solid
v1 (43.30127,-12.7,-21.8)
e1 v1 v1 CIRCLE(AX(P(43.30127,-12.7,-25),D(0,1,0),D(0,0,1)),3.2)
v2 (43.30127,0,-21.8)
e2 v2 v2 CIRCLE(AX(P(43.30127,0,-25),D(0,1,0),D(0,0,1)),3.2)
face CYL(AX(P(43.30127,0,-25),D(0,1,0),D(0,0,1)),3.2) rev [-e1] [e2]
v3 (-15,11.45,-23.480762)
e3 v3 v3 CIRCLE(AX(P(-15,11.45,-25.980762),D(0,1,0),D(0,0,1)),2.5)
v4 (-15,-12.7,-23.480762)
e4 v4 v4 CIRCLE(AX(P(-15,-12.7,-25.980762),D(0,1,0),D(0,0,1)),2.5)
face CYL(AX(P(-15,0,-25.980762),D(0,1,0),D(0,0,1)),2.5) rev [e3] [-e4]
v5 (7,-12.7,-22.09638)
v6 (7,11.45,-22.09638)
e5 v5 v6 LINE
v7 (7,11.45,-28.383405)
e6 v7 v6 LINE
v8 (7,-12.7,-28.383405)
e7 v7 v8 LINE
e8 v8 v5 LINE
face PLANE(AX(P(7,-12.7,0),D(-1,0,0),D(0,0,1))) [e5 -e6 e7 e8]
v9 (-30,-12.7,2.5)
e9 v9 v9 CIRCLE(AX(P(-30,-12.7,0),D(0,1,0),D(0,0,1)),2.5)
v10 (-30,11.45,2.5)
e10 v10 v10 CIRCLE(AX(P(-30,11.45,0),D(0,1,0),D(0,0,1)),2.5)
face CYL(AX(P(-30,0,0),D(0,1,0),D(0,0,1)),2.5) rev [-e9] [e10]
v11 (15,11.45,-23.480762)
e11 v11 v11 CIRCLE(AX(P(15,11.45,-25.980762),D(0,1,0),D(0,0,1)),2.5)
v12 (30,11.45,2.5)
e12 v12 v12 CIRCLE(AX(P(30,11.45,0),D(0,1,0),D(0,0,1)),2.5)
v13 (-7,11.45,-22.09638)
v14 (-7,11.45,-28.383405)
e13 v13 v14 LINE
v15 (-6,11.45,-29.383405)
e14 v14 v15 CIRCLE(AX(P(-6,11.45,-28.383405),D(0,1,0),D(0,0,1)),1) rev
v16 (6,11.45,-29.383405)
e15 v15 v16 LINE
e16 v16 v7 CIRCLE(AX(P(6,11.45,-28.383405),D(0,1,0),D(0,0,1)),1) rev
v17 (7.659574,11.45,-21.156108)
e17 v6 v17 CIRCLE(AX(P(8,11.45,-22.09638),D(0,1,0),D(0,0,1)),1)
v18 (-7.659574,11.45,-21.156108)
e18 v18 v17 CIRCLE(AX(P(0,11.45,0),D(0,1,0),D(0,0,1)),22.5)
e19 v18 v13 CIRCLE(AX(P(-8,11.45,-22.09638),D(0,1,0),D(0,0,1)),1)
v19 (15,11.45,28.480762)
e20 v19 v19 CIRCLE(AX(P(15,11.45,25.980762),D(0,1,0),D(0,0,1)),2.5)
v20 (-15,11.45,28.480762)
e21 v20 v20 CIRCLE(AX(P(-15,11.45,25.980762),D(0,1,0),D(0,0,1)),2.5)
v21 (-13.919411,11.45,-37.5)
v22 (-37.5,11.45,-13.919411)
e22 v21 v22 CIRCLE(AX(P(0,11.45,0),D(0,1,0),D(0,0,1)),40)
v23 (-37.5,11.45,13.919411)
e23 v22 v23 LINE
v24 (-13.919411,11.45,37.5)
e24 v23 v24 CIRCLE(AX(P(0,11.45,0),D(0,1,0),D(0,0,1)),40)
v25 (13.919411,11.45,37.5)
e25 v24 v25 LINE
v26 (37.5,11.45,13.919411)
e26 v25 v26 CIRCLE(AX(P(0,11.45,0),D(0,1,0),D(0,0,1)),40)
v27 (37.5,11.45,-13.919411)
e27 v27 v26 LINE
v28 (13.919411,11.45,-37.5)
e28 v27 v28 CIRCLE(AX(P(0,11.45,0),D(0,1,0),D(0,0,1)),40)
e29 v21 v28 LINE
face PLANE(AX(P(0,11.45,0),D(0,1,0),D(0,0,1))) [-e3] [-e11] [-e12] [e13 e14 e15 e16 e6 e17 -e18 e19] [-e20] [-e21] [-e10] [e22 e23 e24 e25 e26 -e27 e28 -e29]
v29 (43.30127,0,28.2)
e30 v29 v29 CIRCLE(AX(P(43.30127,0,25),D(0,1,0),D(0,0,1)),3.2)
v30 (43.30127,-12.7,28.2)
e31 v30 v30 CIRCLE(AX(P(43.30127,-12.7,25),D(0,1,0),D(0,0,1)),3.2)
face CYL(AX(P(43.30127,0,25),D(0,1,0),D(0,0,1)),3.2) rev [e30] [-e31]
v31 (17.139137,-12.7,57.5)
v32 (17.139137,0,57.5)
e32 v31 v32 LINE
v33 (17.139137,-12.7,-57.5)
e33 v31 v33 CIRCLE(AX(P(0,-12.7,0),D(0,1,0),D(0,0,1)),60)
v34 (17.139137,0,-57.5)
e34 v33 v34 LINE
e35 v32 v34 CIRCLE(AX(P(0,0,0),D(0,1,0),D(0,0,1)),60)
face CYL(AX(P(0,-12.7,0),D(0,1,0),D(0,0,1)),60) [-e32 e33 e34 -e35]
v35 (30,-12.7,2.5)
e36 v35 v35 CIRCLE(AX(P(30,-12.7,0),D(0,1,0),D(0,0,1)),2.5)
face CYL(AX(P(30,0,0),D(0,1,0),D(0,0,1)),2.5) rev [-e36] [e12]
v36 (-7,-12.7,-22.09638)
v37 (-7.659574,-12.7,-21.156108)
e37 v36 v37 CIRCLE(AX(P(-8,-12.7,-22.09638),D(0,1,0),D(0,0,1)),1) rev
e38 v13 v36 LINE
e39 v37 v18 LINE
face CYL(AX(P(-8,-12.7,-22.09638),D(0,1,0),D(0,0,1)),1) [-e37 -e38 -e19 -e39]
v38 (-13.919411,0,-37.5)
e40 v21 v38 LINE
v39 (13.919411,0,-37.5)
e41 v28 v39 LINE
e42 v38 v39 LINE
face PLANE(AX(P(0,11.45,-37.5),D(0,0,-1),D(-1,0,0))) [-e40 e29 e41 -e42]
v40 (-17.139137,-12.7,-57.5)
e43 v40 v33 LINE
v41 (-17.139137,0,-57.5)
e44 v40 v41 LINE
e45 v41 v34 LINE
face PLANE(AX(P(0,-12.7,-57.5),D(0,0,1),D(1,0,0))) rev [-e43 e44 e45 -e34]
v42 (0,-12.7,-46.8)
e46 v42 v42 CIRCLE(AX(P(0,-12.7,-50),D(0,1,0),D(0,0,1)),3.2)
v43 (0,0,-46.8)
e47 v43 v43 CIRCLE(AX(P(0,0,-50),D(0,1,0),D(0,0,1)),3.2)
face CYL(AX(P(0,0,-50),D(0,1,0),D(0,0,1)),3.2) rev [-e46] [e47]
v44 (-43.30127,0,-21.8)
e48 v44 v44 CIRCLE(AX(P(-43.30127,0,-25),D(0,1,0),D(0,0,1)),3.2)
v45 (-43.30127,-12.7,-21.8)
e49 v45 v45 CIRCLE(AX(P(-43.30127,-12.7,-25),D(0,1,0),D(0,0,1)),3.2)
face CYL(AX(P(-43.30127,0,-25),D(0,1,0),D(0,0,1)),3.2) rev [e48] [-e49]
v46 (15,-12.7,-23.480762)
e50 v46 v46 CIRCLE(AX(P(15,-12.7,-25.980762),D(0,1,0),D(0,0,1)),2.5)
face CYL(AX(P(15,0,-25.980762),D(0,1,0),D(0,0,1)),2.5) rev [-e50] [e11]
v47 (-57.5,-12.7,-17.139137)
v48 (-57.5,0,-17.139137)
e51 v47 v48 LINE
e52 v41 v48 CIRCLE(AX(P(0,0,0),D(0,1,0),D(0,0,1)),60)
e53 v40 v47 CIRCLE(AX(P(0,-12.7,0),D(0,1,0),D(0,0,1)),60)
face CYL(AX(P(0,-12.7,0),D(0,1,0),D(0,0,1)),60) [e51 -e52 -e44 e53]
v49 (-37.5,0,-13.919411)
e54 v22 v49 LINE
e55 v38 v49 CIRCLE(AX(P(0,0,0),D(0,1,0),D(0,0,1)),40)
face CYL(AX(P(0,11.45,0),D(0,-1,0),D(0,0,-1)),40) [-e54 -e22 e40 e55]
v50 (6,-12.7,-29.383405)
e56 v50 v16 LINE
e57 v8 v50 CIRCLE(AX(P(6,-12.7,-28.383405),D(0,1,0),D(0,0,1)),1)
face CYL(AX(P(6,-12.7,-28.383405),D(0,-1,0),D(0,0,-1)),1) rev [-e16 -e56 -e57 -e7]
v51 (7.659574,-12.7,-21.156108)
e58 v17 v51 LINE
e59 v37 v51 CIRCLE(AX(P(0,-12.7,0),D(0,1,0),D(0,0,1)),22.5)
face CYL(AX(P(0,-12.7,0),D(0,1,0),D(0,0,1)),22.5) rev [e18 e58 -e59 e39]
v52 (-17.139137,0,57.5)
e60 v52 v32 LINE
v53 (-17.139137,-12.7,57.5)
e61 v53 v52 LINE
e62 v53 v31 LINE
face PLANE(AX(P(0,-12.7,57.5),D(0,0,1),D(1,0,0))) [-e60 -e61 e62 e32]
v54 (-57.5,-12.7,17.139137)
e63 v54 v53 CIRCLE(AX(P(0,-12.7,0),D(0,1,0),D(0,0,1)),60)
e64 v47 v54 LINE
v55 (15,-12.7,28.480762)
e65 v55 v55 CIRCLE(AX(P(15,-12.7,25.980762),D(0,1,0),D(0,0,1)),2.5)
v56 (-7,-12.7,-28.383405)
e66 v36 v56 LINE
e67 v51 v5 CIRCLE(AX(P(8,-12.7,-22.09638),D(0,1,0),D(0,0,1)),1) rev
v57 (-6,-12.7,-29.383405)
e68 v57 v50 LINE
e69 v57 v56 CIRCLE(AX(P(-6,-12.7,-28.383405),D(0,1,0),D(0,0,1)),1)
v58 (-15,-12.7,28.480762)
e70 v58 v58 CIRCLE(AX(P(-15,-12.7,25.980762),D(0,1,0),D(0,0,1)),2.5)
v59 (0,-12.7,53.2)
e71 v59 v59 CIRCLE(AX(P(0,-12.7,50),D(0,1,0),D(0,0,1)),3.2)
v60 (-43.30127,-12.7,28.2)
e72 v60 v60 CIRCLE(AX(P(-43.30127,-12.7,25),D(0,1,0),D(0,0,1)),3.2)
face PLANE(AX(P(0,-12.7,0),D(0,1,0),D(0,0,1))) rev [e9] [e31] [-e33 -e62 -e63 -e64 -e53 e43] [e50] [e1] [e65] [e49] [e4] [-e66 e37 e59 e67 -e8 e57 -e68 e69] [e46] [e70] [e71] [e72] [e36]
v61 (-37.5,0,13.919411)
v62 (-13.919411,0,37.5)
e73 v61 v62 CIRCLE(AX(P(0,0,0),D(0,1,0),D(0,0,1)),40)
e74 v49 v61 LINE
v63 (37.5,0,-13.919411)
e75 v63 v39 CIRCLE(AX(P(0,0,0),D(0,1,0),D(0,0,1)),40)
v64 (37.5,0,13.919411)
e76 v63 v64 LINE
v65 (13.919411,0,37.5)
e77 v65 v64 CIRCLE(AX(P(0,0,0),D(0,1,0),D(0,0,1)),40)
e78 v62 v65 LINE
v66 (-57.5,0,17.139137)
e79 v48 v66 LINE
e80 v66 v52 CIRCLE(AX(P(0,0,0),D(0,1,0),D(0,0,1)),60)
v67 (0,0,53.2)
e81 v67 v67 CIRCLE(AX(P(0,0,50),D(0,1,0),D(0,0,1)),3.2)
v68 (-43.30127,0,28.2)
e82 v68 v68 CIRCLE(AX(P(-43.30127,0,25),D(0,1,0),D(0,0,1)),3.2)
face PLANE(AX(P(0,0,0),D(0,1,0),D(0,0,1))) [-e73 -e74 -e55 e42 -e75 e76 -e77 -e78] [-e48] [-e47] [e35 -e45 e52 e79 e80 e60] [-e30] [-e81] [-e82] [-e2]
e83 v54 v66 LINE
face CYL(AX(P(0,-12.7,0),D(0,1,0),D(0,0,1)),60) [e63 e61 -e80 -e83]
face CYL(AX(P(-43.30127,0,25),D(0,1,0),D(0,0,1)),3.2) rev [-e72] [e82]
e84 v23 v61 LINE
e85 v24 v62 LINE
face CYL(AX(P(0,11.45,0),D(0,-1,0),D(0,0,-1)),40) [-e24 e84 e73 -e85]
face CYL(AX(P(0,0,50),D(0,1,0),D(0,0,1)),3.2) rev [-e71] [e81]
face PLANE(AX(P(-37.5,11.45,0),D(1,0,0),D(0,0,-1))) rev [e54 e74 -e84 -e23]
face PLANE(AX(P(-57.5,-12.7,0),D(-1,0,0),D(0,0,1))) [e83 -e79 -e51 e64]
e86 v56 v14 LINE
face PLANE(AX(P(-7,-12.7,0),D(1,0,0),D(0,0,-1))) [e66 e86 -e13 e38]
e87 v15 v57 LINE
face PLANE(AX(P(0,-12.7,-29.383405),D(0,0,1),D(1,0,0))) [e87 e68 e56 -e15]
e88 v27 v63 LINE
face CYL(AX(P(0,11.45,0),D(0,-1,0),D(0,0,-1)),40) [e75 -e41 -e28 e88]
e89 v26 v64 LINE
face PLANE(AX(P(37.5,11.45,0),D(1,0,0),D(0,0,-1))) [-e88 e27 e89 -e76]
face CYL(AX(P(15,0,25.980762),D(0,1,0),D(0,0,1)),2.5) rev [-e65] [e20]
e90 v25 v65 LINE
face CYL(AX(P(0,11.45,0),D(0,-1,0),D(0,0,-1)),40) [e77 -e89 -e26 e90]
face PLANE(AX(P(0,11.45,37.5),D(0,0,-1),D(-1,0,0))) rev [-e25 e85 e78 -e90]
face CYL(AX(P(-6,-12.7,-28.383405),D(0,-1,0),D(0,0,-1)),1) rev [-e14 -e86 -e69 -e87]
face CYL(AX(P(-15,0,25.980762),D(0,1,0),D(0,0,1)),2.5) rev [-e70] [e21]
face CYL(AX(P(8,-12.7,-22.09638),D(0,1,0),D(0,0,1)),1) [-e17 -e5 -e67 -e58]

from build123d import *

# Parameters (mm, degrees)
BOSS_EXTRUDE1_DEPTH                  = 12.7
M6_CLEARANCE_HOLE1_D                 = 6.4
BOSS_EXTRUDE2_START                  = 11.45
BOSS_EXTRUDE2_DEPTH                  = 11.45
SKETCH2_W                            = 2.5
SKETCH2_H                            = 12.7
TAP_DRILL_FOR_M6X1_0_TAP1_AT_2_COUNT = 2
TAP_DRILL_FOR_M6X1_0_TAP1_AT_2_PITCH = 30
TAP_DRILL_FOR_M6X1_0_TAP1_AT_3_COUNT = 2
TAP_DRILL_FOR_M6X1_0_TAP1_AT_3_PITCH = 51.961524227
TAP_DRILL_FOR_M6X1_0_TAP1_AT_4_COUNT = 2
TAP_DRILL_FOR_M6X1_0_TAP1_AT_4_PITCH = 60
TAP_DRILL_FOR_M6X1_0_TAP1_AT_5_COUNT = 2
TAP_DRILL_FOR_M6X1_0_TAP1_AT_5_PITCH = 51.961524227
TAP_DRILL_FOR_M6X1_0_TAP1_AT_6_COUNT = 2
TAP_DRILL_FOR_M6X1_0_TAP1_AT_6_PITCH = 30
TAP_DRILL_FOR_M6X1_0_TAP3_D          = 5
FILLET1_R                            = 1


with BuildPart() as part:
    # Sketch1 → Boss-Extrude1 (new body)
    with BuildSketch(Plane(origin=(0, 0, 0), x_dir=(1, 0, 0), z_dir=(0, 1, 0))):
        with BuildLine():
            Line((17.139136501, 57.5), (-17.139136501, 57.5))
            ThreePointArc((-17.139136501, 57.5), (-42.426406871, 42.426406871), (-57.5, 17.139136501))
            Line((-57.5, 17.139136501), (-57.5, -17.139136501))
            ThreePointArc((-57.5, -17.139136501), (-42.426406871, -42.426406871), (-17.139136501, -57.5))
            Line((-17.139136501, -57.5), (17.139136501, -57.5))
            ThreePointArc((17.139136501, -57.5), (60, 0), (17.139136501, 57.5))
        make_face()
        with BuildLine():
            Line((-7, 21.38340478), (-7, 29.38340478))
            Line((-7, 29.38340478), (7, 29.38340478))
            Line((7, 29.38340478), (7, 21.38340478))
            ThreePointArc((7, 21.38340478), (0, -22.5), (-7, 21.38340478))
        make_face(mode=Mode.SUBTRACT)
    extrude(amount=-BOSS_EXTRUDE1_DEPTH)

    # M6 Clearance Hole1 (through all)
    with Locations(Plane(origin=(-43.301270189, 0, 25), x_dir=(0, 0, 1), z_dir=(0, 1, 0))):
        with Locations((0, 0), (-75, 43.301270189), (-50, 86.602540378), (0, 86.602540378), (25, 43.301270189), (-50, 0)):
            Hole(M6_CLEARANCE_HOLE1_D / 2)

    # Sketch1<7> → Boss-Extrude2 (add)
    with BuildSketch(Plane(origin=(0, 0, 0), x_dir=(1, 0, 0), z_dir=(0, 1, 0)).offset(BOSS_EXTRUDE2_START)):
        with BuildLine():
            Line((13.919410907, 37.5), (-13.919410907, 37.5))
            ThreePointArc((-13.919410907, 37.5), (-28.284271247, 28.284271247), (-37.5, 13.919410907))
            Line((-37.5, 13.919410907), (-37.5, -13.919410907))
            ThreePointArc((-37.5, -13.919410907), (-28.284271247, -28.284271247), (-13.919410907, -37.5))
            Line((-13.919410907, -37.5), (13.919410907, -37.5))
            ThreePointArc((13.919410907, -37.5), (28.284271247, -28.284271247), (37.5, -13.919410907))
            Line((37.5, -13.919410907), (37.5, 13.919410907))
            ThreePointArc((37.5, 13.919410907), (28.284271247, 28.284271247), (13.919410907, 37.5))
        make_face()
        with BuildLine():
            ThreePointArc((22.5, 0), (-13.205112646, -18.217436702), (-7, 21.38340478))
            Line((-7, 21.38340478), (-7, 29.38340478))
            Line((-7, 29.38340478), (7, 29.38340478))
            Line((7, 29.38340478), (7, 21.38340478))
            ThreePointArc((7, 21.38340478), (18.217436702, 13.205112646), (22.5, 0))
        make_face(mode=Mode.SUBTRACT)
    extrude(amount=-BOSS_EXTRUDE2_DEPTH)

    # Sketch2 → Tap Drill for M6x1.0 Tap1 (revolve, cut)
    with BuildSketch(Plane(origin=(-30, 0, 0), x_dir=(0, 0, 1), z_dir=(1, 0, 0))):
        with Locations((1.25, 6.35)):
            Rectangle(SKETCH2_W, SKETCH2_H)
    tap_drill_for_m6x1_0_tap1 = revolve(axis=Axis((-30, 6.35, 0), (0, -1, 0)), mode=Mode.SUBTRACT)

    # Tap Drill for M6x1.0 Tap1 at 2: Tap Drill for M6x1.0 Tap1 ×2
    with Locations(*[Vector(0.4999999999999998, 0, -0.8660254037844388) * (i * TAP_DRILL_FOR_M6X1_0_TAP1_AT_2_PITCH) for i in range(1, TAP_DRILL_FOR_M6X1_0_TAP1_AT_2_COUNT)]):
        add(tap_drill_for_m6x1_0_tap1, mode=Mode.SUBTRACT)

    # Tap Drill for M6x1.0 Tap1 at 3: Tap Drill for M6x1.0 Tap1 ×2
    with Locations(*[Vector(0.8660254037844386, 0, -0.5000000000000002) * (i * TAP_DRILL_FOR_M6X1_0_TAP1_AT_3_PITCH) for i in range(1, TAP_DRILL_FOR_M6X1_0_TAP1_AT_3_COUNT)]):
        add(tap_drill_for_m6x1_0_tap1, mode=Mode.SUBTRACT)

    # Tap Drill for M6x1.0 Tap1 at 4: Tap Drill for M6x1.0 Tap1 ×2
    with Locations(*[(i * TAP_DRILL_FOR_M6X1_0_TAP1_AT_4_PITCH, 0, 0) for i in range(1, TAP_DRILL_FOR_M6X1_0_TAP1_AT_4_COUNT)]):
        add(tap_drill_for_m6x1_0_tap1, mode=Mode.SUBTRACT)

    # Tap Drill for M6x1.0 Tap1 at 5: Tap Drill for M6x1.0 Tap1 ×2
    with Locations(*[Vector(0.8660254037844388, 0, 0.49999999999999967) * (i * TAP_DRILL_FOR_M6X1_0_TAP1_AT_5_PITCH) for i in range(1, TAP_DRILL_FOR_M6X1_0_TAP1_AT_5_COUNT)]):
        add(tap_drill_for_m6x1_0_tap1, mode=Mode.SUBTRACT)

    # Tap Drill for M6x1.0 Tap1 at 6: Tap Drill for M6x1.0 Tap1 ×2
    with Locations(*[Vector(0.5000000000000006, 0, 0.8660254037844384) * (i * TAP_DRILL_FOR_M6X1_0_TAP1_AT_6_PITCH) for i in range(1, TAP_DRILL_FOR_M6X1_0_TAP1_AT_6_COUNT)]):
        add(tap_drill_for_m6x1_0_tap1, mode=Mode.SUBTRACT)

    # Tap Drill for M6x1.0 Tap3 (through all)
    with Locations(Plane(origin=(30, 0, 0), x_dir=(0, 0, -1), z_dir=(0, -1, 0))):
        with Locations((0, 0), (25.980762114, -45), (-25.980762114, -15), (0, -60), (-25.980762114, -45), (25.980762114, -15)):
            Hole(TAP_DRILL_FOR_M6X1_0_TAP3_D / 2)

    # Fillet1
    fillet1_edges = [part.edges().sort_by_distance(p)[0] for p in [
        (7, -0.625, -21.38340478),
        (7, -0.625, -29.38340478),
        (-7, -0.625, -29.38340478),
        (-7, -0.625, -21.38340478),
    ]]
    fillet(fillet1_edges, radius=FILLET1_R)


solid = part.part
